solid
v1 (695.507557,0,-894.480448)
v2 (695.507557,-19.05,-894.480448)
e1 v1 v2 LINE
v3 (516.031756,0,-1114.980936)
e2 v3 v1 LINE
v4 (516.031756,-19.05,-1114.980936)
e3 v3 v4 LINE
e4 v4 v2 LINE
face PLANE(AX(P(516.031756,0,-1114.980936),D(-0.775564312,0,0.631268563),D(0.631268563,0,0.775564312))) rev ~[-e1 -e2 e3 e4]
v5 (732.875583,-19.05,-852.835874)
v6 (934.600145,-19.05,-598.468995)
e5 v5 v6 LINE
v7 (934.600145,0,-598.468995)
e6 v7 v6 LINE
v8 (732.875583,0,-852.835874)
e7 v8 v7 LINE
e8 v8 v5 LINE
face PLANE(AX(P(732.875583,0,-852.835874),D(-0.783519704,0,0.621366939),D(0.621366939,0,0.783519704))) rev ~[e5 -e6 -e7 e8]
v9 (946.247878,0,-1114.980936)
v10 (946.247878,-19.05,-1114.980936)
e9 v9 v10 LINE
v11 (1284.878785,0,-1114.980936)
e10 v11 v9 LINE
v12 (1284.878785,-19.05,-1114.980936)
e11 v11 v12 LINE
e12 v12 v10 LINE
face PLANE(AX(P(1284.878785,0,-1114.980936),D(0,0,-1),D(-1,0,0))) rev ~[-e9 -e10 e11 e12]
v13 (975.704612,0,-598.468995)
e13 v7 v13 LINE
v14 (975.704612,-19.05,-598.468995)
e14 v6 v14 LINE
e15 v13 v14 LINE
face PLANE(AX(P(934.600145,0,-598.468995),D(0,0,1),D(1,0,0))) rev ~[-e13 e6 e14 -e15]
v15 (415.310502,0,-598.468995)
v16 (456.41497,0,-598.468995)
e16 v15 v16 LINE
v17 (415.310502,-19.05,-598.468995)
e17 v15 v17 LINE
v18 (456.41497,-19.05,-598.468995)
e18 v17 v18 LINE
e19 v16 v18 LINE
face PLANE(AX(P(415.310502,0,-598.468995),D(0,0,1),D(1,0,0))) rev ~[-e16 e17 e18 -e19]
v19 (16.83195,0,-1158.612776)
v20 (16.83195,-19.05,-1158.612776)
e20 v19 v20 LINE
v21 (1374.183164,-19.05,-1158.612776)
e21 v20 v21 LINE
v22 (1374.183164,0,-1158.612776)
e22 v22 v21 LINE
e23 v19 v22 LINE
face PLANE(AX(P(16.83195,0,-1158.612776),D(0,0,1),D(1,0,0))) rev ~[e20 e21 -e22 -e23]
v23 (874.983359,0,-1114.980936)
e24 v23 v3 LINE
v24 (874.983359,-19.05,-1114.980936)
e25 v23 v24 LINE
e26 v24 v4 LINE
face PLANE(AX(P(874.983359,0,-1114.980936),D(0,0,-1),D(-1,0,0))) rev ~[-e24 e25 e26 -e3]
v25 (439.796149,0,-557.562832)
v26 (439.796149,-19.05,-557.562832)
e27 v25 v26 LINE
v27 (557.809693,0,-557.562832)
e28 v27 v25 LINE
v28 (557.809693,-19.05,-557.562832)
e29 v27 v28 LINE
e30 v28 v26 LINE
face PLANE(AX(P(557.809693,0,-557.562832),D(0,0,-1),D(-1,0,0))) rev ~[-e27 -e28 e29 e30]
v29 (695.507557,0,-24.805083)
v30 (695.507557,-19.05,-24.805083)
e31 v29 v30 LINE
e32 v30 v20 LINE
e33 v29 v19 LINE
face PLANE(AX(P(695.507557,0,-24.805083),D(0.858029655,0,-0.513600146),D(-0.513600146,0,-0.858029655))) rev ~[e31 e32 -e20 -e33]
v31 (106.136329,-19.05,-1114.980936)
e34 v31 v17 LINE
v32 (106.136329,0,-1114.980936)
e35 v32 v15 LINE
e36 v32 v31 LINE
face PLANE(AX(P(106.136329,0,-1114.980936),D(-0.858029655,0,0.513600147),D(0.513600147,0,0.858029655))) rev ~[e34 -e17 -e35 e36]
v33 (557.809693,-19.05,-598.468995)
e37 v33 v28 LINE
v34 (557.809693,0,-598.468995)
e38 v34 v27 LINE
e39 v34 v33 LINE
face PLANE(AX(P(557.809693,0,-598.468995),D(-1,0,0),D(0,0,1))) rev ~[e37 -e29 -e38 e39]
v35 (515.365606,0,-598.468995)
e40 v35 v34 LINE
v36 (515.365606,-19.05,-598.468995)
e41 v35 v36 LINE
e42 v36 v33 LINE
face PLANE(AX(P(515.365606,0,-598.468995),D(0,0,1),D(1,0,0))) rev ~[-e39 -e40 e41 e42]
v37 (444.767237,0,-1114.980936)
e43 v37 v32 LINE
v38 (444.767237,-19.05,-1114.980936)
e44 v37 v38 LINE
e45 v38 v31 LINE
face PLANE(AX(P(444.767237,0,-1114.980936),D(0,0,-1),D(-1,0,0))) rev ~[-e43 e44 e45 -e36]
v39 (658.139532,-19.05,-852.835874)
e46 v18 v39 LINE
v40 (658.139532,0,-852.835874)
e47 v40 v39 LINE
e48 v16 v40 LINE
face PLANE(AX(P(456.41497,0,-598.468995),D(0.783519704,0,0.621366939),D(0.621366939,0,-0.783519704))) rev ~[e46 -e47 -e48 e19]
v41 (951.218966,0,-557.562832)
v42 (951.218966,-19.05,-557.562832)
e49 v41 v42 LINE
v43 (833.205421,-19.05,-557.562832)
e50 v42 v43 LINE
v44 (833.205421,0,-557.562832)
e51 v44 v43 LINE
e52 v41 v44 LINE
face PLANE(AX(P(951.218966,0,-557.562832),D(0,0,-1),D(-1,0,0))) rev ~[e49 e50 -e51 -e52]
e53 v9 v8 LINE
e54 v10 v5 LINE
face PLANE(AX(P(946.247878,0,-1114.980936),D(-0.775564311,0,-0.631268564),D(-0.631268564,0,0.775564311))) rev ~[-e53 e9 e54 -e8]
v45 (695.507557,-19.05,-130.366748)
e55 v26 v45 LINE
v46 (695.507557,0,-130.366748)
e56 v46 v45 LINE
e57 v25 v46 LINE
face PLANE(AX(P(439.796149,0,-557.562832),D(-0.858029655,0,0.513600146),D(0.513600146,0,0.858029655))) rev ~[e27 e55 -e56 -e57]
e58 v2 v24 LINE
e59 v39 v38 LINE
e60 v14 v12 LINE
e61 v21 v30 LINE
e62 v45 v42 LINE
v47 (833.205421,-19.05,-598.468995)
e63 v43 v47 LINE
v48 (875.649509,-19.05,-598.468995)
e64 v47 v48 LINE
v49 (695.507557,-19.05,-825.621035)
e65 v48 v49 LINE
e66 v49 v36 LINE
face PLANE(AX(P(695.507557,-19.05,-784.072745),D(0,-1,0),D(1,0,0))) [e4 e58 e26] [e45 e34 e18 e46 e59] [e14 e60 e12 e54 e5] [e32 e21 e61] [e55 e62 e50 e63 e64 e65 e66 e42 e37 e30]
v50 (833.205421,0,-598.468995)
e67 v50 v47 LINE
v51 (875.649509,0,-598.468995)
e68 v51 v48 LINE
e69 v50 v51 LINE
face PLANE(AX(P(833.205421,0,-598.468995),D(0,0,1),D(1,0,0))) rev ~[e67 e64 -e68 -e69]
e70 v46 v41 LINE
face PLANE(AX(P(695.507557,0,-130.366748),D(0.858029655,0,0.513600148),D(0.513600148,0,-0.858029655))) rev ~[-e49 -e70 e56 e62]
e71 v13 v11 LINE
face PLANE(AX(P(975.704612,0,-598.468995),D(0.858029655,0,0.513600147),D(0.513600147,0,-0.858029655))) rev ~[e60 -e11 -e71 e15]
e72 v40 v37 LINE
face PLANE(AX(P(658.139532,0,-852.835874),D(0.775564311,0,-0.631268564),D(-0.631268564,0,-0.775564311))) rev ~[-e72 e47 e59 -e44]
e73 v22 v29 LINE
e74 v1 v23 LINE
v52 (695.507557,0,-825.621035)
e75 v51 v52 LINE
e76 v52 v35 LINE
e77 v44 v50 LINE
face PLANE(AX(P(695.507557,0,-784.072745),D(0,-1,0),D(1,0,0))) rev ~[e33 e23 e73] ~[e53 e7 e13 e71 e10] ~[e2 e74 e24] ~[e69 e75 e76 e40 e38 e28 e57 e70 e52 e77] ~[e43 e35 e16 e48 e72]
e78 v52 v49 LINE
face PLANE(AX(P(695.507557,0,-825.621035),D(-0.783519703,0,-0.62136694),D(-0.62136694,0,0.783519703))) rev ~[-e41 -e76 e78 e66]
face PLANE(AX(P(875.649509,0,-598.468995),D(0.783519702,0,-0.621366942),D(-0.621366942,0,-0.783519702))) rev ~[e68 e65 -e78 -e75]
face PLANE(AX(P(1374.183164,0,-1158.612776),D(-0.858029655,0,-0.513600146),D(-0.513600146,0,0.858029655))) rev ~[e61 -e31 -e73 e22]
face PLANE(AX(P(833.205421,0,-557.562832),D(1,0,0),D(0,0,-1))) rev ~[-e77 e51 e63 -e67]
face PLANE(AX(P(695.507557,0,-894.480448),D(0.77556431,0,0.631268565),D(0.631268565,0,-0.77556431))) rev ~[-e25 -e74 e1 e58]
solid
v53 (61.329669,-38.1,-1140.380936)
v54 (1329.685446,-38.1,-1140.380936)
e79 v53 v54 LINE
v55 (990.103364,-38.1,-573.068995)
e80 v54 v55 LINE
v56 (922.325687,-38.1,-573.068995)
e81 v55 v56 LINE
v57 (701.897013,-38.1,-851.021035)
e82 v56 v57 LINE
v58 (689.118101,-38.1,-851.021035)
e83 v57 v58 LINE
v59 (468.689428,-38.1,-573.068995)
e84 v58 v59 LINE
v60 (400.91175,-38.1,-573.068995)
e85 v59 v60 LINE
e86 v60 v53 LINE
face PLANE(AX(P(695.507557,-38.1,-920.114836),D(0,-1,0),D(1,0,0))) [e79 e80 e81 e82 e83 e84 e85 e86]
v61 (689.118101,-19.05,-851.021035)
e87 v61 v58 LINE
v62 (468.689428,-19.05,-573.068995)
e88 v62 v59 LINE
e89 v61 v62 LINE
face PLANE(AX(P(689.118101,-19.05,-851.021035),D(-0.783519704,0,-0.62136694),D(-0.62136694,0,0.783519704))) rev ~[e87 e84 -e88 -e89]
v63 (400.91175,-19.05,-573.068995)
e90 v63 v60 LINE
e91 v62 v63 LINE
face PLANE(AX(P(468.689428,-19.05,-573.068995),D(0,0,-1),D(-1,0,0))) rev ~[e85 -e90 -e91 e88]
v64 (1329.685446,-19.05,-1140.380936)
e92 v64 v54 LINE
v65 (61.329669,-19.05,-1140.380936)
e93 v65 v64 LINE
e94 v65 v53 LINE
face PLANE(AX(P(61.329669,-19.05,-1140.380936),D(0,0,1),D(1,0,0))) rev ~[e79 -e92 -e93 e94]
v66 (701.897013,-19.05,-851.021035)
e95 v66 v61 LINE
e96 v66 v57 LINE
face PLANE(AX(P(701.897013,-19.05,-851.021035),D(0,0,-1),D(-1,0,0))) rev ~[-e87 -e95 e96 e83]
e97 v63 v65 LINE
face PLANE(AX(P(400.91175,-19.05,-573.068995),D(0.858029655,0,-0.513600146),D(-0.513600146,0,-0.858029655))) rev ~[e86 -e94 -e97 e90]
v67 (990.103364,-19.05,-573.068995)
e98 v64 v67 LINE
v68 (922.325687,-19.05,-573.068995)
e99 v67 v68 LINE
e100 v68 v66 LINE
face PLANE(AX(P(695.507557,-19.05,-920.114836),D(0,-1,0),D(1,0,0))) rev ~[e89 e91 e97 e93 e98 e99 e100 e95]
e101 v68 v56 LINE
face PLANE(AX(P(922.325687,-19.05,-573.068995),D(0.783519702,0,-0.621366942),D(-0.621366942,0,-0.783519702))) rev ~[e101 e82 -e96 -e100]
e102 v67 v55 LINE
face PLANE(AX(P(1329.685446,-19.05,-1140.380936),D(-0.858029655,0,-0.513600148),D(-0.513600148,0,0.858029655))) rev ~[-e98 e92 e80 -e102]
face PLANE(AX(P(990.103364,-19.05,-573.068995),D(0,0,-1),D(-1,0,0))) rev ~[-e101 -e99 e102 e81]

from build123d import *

# Parameters (mm, degrees)
F1_DEPTH = 19.05
F3_DEPTH = 19.05


with BuildPart() as f1:
    # F0 (on Front) → F1 (new body)
    with BuildSketch(Plane.XZ):
        Polygon((1374.183164, -1158.612776), (695.507557, -24.805083), (16.83195, -1158.612776), (695.507557, -1158.612776), align=None)
        Polygon((456.41497, -598.468995), (658.139532, -852.835874), (444.767237, -1114.980936), (106.136329, -1114.980936), (415.310502, -598.468995), align=None, mode=Mode.SUBTRACT)
        Polygon((516.031756, -1114.980936), (695.507557, -894.480448), (874.983359, -1114.980936), (695.507557, -1114.980936), align=None, mode=Mode.SUBTRACT)
        Polygon((946.247878, -1114.980936), (732.875583, -852.835874), (934.600145, -598.468995), (975.704612, -598.468995), (1284.878785, -1114.980936), align=None, mode=Mode.SUBTRACT)
        Polygon((875.649509, -598.468995), (695.507557, -825.621035), (515.365606, -598.468995), (557.809693, -598.468995), (557.809693, -557.562832), (439.796149, -557.562832), (695.507557, -130.366748), (951.218966, -557.562832), (833.205421, -557.562832), (833.205421, -598.468995), align=None, mode=Mode.SUBTRACT)
    extrude(amount=F1_DEPTH)


with BuildPart() as f3:
    # F2 (on face) → F3 (new body)
    with BuildSketch(Plane.XZ.offset(19.05)):
        Polygon((689.118101, -851.021035), (468.689428, -573.068995), (400.91175, -573.068995), (61.329669, -1140.380936), (1329.685446, -1140.380936), (990.103364, -573.068995), (922.325687, -573.068995), (701.897013, -851.021035), align=None)
    extrude(amount=F3_DEPTH)


solid = Compound([f1.part, f3.part])
